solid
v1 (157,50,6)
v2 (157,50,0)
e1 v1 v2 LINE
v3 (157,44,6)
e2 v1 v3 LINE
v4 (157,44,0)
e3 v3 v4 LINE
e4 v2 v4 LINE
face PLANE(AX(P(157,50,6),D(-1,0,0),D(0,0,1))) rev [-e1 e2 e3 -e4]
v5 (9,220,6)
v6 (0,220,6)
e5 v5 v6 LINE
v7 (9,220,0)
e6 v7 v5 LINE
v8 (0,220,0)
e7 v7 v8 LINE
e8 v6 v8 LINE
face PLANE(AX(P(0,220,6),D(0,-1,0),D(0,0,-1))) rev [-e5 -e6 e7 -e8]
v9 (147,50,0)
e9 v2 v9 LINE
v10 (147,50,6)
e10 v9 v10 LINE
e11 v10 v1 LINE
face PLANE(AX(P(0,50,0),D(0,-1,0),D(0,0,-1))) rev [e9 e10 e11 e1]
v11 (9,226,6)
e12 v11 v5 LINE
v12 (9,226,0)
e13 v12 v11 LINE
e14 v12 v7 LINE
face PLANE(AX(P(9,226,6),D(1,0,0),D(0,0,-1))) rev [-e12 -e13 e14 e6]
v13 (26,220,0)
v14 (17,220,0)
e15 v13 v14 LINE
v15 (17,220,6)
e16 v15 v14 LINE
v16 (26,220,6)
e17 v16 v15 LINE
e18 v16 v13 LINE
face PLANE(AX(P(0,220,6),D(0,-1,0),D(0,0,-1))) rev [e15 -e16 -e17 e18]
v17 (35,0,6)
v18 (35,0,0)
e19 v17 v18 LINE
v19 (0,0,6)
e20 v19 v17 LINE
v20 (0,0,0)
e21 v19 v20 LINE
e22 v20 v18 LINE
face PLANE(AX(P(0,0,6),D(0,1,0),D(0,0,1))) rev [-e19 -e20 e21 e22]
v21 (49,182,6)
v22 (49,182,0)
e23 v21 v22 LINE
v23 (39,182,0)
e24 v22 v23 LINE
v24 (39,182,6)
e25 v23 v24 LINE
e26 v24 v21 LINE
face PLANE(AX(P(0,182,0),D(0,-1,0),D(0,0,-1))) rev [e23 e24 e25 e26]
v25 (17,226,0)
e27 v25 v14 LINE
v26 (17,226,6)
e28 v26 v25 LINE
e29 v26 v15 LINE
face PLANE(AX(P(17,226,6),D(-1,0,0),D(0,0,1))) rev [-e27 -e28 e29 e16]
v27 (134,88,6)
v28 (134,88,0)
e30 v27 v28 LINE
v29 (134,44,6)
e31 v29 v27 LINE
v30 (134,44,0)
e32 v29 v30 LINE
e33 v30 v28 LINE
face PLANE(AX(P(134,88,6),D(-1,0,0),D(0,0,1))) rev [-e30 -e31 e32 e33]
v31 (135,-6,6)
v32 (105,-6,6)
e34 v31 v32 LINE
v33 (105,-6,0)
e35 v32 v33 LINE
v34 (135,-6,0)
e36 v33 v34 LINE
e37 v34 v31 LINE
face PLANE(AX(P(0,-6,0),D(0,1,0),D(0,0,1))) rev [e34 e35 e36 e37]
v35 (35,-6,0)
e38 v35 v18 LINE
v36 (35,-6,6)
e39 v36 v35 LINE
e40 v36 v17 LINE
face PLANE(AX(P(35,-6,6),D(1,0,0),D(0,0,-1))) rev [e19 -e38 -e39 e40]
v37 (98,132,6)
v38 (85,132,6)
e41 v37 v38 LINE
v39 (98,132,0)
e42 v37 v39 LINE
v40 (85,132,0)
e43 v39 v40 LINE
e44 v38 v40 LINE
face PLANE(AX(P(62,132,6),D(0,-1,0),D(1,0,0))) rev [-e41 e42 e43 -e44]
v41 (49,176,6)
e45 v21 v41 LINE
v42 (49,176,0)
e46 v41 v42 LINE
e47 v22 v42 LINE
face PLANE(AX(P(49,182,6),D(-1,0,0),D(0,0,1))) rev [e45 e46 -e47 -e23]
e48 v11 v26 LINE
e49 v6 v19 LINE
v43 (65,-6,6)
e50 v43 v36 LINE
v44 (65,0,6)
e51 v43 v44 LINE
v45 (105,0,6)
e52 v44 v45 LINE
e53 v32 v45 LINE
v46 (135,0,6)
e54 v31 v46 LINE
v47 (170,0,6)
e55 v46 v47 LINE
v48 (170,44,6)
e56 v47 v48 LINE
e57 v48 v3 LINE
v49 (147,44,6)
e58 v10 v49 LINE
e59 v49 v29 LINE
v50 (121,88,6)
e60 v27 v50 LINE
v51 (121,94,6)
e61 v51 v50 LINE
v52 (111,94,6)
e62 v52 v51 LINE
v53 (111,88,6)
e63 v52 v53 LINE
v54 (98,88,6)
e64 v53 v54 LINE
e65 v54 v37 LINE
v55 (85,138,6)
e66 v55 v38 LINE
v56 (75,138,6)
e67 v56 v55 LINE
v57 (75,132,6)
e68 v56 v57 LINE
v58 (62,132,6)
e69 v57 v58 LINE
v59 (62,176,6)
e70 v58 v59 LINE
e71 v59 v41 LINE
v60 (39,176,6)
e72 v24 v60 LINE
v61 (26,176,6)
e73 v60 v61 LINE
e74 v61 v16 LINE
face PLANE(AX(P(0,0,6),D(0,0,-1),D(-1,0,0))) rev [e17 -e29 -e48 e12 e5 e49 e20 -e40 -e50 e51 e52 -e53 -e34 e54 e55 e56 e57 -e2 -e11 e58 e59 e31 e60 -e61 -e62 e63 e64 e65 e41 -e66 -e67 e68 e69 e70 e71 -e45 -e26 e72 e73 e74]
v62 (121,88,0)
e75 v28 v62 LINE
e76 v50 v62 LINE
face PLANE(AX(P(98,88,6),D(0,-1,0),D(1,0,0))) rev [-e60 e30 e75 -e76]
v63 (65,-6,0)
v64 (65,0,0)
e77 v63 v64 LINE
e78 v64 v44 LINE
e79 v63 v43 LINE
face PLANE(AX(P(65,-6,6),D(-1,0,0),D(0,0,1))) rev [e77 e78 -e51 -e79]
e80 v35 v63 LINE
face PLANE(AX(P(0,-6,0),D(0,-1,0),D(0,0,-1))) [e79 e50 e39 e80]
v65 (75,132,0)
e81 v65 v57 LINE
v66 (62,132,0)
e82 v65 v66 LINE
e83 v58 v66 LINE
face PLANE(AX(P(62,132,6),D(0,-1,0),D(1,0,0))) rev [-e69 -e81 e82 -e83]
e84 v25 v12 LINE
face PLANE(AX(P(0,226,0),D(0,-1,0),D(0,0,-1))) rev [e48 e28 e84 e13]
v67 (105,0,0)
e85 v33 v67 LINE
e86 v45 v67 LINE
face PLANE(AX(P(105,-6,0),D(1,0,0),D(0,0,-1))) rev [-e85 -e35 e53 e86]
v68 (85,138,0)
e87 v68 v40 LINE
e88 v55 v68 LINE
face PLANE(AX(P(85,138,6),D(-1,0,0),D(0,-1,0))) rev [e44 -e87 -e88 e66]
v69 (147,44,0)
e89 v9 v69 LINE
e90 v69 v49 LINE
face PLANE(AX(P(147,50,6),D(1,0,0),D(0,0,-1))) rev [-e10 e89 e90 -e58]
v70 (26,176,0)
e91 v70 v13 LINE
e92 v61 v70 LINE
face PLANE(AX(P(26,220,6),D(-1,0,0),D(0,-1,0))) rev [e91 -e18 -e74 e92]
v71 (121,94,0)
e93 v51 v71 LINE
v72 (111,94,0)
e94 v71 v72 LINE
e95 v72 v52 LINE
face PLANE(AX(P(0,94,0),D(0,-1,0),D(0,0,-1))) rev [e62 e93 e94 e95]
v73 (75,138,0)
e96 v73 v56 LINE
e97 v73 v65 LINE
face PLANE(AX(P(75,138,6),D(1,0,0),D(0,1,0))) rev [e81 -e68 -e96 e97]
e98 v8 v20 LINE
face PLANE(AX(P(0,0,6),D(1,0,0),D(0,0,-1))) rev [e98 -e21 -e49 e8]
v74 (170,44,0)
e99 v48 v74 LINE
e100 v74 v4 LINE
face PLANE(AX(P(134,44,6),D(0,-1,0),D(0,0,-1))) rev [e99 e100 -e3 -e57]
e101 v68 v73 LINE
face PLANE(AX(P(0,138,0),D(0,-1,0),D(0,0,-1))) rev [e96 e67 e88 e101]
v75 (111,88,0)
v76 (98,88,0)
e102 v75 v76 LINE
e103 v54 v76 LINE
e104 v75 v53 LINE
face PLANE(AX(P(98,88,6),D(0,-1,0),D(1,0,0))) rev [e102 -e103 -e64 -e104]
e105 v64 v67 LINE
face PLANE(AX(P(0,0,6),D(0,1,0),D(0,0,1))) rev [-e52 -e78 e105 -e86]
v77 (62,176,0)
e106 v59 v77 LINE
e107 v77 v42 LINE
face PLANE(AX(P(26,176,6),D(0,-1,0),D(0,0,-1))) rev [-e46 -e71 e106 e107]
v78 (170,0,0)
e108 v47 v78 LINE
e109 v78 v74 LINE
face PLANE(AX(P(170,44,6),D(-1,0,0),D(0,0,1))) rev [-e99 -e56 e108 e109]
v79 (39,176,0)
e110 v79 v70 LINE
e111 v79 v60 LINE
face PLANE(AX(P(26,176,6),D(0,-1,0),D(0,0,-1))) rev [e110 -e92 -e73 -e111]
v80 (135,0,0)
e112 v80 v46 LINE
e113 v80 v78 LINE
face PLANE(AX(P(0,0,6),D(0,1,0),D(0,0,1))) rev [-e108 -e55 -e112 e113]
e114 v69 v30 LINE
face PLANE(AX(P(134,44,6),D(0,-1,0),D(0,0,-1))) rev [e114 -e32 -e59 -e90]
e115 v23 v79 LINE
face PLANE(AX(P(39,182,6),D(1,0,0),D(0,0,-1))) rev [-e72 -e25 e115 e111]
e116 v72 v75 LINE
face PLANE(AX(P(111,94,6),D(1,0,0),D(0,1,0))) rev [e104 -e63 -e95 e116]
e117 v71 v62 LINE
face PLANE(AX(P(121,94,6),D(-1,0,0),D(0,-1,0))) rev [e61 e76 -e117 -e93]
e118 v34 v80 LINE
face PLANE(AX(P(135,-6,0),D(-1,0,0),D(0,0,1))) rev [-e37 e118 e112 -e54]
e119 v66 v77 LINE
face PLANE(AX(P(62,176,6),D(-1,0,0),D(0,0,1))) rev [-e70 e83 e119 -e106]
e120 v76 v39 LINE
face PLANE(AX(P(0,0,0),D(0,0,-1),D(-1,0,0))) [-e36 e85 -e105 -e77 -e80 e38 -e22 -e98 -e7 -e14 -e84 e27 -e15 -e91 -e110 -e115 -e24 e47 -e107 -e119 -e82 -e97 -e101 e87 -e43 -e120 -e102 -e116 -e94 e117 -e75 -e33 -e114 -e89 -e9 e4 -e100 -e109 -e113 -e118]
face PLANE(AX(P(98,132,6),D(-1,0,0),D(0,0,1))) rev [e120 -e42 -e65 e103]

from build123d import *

# Parameters (mm, degrees)
BOSS_EXTRU_1_DEPTH = 6
ESQUISSE2_W        = 30
ESQUISSE2_H        = 6
BOSS_EXTRU_2_DEPTH = 6
ESQUISSE3_W        = 8
ESQUISSE3_H        = 6
BOSS_EXTRU_3_DEPTH = 6
ESQUISSE4_W        = 10
ESQUISSE4_H        = 6
BOSS_EXTRU_4_DEPTH = 6
ESQUISSE5_W        = 10
ESQUISSE5_H        = 6
BOSS_EXTRU_5_DEPTH = 6
ESQUISSE6_W        = 10
ESQUISSE6_H        = 6
BOSS_EXTRU_6_DEPTH = 6
ESQUISSE7_W        = 10
ESQUISSE7_H        = 6
BOSS_EXTRU_7_DEPTH = 6


with BuildPart() as part:
    # Esquisse1 → Boss.-Extru.1 (new body)
    with BuildSketch(Plane.XY):
        Polygon((0, 220), (26, 220), (26, 176), (62, 176), (62, 132), (98, 132), (98, 88), (134, 88), (134, 44), (170, 44), (170, 0), (0, 0), align=None)
    extrude(amount=BOSS_EXTRU_1_DEPTH)

    # Esquisse2 → Boss.-Extru.2 (add)
    with BuildSketch(Plane.XZ):
        with Locations((50, 3)):
            Rectangle(ESQUISSE2_W, ESQUISSE2_H)
        with Locations((120, 3)):
            Rectangle(ESQUISSE2_W, ESQUISSE2_H)
    extrude(amount=BOSS_EXTRU_2_DEPTH)

    # Esquisse3 → Boss.-Extru.3 (add)
    with BuildSketch(Plane(origin=(0, 220, 0), x_dir=(1, 0, 0), z_dir=(0, 1, 0))):
        with Locations((13, -3)):
            Rectangle(ESQUISSE3_W, ESQUISSE3_H)
    extrude(amount=BOSS_EXTRU_3_DEPTH)

    # Esquisse4 → Boss.-Extru.4 (add)
    with BuildSketch(Plane(origin=(0, 176, 0), x_dir=(1, 0, 0), z_dir=(0, 1, 0))):
        with Locations((44, -3)):
            Rectangle(ESQUISSE4_W, ESQUISSE4_H)
    extrude(amount=BOSS_EXTRU_4_DEPTH)

    # Esquisse5 → Boss.-Extru.5 (add)
    with BuildSketch(Plane(origin=(0, 132, 0), x_dir=(1, 0, 0), z_dir=(0, 1, 0))):
        with Locations((80, -3)):
            Rectangle(ESQUISSE5_W, ESQUISSE5_H)
    extrude(amount=BOSS_EXTRU_5_DEPTH)

    # Esquisse6 → Boss.-Extru.6 (add)
    with BuildSketch(Plane(origin=(0, 88, 0), x_dir=(1, 0, 0), z_dir=(0, 1, 0))):
        with Locations((116, -3)):
            Rectangle(ESQUISSE6_W, ESQUISSE6_H)
    extrude(amount=BOSS_EXTRU_6_DEPTH)

    # Esquisse7 → Boss.-Extru.7 (add)
    with BuildSketch(Plane(origin=(0, 44, 0), x_dir=(1, 0, 0), z_dir=(0, 1, 0))):
        with Locations((152, -3)):
            Rectangle(ESQUISSE7_W, ESQUISSE7_H)
    extrude(amount=BOSS_EXTRU_7_DEPTH)


solid = part.part
